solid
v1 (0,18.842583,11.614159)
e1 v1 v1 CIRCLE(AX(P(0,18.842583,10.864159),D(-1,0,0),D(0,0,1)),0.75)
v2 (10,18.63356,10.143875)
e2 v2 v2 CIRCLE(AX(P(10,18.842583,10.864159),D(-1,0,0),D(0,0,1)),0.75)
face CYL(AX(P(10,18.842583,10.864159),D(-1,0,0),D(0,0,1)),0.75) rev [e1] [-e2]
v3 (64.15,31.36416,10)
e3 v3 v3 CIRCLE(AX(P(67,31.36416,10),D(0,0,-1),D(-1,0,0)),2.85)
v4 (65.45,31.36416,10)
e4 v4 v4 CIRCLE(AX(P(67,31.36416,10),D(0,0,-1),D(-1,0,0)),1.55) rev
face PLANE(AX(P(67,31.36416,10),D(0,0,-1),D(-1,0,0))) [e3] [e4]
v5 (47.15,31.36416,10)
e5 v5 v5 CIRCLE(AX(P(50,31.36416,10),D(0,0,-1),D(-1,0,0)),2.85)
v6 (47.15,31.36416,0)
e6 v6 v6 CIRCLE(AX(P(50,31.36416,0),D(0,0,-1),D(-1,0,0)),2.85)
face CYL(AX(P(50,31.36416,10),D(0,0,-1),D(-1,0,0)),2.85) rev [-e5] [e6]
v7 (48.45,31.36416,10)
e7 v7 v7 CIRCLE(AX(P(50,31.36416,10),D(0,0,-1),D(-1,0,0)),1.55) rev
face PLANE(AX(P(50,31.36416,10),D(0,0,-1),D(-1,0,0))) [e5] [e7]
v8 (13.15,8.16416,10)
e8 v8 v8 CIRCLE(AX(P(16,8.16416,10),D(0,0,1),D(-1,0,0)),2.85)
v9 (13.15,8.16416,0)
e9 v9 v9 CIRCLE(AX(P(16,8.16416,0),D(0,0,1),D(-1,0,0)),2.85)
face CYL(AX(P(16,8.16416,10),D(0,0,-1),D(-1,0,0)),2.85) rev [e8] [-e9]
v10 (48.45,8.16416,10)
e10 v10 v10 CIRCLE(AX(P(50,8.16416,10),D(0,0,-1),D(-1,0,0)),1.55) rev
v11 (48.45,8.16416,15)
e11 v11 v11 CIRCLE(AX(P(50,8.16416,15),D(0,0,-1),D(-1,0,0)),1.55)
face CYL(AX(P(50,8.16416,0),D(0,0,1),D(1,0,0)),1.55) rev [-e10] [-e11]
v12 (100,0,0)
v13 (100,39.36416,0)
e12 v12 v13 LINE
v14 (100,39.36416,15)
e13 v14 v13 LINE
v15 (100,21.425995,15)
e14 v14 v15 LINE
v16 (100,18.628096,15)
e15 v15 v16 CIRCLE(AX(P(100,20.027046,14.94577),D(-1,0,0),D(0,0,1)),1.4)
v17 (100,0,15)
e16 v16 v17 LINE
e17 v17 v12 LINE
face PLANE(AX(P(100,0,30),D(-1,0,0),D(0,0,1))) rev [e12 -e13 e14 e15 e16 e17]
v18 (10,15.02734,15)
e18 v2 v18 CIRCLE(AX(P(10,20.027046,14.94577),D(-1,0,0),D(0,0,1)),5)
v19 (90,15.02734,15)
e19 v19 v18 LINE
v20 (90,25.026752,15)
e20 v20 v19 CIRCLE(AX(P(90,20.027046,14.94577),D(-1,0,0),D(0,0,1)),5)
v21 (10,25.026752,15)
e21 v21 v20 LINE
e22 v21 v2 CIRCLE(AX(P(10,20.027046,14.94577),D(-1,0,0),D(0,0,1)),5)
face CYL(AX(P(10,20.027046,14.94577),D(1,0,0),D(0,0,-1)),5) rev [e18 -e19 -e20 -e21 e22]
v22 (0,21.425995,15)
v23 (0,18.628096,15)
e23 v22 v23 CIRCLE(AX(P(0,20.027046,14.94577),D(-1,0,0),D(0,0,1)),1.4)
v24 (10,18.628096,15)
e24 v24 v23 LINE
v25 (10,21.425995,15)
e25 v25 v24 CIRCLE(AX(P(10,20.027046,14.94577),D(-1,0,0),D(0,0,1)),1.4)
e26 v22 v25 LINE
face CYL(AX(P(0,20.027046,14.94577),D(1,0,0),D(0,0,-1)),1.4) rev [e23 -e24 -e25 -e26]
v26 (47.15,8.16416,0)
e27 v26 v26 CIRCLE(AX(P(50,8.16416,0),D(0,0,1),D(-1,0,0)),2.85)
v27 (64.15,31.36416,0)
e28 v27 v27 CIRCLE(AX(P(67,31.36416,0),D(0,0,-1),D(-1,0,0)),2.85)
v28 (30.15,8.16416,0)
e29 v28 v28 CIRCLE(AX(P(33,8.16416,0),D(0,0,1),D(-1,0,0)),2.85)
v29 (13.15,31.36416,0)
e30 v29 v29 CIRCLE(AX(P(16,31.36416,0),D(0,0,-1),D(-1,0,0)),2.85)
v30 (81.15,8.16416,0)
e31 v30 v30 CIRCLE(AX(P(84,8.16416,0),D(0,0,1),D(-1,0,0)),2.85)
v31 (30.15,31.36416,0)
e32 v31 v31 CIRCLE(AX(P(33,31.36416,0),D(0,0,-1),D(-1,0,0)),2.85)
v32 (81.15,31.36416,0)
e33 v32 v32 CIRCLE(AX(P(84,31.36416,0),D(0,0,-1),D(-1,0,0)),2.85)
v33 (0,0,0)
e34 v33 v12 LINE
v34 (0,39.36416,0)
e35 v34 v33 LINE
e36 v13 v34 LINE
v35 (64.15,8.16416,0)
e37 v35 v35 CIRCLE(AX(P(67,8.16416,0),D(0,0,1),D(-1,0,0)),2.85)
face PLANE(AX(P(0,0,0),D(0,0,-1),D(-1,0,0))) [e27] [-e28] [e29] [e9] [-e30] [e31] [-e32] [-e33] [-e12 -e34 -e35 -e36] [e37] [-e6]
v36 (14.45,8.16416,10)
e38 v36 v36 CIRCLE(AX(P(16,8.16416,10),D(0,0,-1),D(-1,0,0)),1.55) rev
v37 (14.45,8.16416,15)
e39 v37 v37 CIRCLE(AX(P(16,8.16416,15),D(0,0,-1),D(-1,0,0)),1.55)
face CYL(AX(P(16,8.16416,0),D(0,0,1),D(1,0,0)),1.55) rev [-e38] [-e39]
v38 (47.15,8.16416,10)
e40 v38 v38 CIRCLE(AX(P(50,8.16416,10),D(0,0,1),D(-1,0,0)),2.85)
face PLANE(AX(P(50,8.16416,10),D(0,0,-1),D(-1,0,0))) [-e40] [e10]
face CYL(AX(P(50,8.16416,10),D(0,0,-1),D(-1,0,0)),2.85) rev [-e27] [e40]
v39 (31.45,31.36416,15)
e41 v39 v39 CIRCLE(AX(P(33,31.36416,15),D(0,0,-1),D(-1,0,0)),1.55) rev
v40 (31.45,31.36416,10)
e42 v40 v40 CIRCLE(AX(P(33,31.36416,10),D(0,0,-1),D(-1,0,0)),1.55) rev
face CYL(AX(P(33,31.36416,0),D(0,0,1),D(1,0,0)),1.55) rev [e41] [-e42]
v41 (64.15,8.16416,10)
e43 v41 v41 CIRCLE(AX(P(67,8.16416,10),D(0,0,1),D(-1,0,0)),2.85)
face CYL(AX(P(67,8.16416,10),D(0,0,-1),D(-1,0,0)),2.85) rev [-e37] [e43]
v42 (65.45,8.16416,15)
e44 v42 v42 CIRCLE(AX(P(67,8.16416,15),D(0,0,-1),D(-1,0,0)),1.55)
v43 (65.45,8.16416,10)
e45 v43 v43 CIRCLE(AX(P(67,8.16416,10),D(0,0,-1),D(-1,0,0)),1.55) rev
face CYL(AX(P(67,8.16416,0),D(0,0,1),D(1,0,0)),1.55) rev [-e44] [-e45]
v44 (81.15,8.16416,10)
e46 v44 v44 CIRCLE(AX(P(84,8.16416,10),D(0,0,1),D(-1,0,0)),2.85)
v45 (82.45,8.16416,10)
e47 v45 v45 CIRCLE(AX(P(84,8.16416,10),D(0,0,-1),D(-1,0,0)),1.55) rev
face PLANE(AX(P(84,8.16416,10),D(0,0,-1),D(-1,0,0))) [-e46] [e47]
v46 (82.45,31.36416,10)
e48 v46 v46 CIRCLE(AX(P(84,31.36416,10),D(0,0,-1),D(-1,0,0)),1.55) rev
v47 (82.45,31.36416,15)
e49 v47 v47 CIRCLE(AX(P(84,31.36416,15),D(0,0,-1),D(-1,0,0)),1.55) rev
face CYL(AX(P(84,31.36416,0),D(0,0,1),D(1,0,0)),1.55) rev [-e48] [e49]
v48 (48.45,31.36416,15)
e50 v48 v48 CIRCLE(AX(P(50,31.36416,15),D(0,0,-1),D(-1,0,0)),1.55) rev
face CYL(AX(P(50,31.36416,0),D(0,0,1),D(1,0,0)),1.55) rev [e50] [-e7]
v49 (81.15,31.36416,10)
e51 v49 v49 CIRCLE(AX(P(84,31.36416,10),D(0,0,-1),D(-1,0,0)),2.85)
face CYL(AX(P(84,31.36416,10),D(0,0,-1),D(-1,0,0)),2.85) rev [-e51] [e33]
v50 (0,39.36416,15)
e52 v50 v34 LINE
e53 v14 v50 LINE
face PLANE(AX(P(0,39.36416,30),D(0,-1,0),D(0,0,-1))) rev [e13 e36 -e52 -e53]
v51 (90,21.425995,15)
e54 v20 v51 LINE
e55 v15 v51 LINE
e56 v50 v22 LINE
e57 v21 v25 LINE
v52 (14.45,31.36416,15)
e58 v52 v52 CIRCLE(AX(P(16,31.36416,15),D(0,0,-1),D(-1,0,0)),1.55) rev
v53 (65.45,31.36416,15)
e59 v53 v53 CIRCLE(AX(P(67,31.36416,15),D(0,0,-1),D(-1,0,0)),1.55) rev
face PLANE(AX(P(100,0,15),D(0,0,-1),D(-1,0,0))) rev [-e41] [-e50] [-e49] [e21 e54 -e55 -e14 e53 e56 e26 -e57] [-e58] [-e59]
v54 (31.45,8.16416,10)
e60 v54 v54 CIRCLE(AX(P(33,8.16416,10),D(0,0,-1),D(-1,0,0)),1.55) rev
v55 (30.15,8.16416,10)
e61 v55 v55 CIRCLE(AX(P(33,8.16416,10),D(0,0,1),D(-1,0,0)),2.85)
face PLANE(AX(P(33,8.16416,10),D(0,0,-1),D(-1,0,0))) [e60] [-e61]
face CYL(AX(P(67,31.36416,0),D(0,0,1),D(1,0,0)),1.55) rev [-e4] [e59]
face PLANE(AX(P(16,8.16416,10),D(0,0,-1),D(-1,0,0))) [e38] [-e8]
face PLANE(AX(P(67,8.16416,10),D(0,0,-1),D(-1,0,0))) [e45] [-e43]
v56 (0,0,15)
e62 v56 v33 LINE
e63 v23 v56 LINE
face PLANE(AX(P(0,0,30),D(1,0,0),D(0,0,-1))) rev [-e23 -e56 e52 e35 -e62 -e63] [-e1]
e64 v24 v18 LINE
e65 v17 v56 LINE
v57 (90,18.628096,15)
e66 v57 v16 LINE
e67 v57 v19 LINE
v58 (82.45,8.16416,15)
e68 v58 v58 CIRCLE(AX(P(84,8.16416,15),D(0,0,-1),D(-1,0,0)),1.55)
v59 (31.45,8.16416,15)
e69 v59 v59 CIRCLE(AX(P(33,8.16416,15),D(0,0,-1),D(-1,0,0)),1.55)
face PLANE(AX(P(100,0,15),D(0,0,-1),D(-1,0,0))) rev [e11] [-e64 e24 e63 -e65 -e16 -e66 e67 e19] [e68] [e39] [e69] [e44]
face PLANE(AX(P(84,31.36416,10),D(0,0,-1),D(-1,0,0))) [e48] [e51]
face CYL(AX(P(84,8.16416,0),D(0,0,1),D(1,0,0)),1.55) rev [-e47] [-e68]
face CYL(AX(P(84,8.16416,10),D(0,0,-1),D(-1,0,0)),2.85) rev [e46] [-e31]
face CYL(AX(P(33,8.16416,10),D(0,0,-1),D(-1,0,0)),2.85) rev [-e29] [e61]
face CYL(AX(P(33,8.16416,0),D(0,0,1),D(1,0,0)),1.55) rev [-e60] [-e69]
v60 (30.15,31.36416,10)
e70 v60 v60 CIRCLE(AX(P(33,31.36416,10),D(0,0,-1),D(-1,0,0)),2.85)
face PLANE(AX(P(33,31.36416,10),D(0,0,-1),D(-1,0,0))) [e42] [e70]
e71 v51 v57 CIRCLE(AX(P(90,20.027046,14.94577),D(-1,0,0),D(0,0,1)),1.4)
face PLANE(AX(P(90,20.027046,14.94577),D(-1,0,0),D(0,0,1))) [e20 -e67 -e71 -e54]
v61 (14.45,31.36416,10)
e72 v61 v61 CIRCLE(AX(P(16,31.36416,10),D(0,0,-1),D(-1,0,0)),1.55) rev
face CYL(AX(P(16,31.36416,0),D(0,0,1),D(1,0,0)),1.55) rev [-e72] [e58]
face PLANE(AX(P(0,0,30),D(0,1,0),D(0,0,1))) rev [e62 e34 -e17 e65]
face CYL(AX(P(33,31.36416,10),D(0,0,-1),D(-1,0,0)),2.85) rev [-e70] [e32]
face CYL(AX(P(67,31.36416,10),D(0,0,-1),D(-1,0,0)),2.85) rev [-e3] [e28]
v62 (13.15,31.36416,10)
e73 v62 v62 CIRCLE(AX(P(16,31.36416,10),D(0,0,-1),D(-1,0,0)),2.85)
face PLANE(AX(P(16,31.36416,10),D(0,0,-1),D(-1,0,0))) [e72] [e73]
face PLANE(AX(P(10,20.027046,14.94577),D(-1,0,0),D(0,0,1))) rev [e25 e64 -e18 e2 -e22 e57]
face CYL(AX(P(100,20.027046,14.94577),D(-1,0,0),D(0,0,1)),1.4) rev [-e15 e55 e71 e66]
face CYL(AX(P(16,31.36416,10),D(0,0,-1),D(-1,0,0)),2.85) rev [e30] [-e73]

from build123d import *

# Parameters (mm, degrees)
SKIZZE2_W                            = 100
SKIZZE2_H                            = 39.364160046
AUFSATZ_LINEAR_AUSTRAGEN1_DEPTH      = 30
SCHNITT_LINEAR_AUSTRAGEN1_DEPTH      = 40
SCHNITT_LINEAR_AUSTRAGEN1_DEPTH_BACK = 40
SKIZZE10_R                           = 5
SKIZZE17_R                           = 1.4
SCHNITT_LINEAR_AUSTRAGEN2_DEPTH      = 103.710939516
SKIZZE24_R                           = 1.55
SCHNITT_LINEAR_AUSTRAGEN4_DEPTH      = 112.577493681
SKIZZE37_R                           = 0.736865544
SCHNITT_LINEAR_AUSTRAGEN9_DEPTH      = 112.577493681
SKIZZE40_R                           = 2.1
SCHNITT_LINEAR_AUSTRAGEN10_DEPTH     = 6
SKIZZE42_R                           = 0.75
SCHNITT_LINEAR_AUSTRAGEN12_DEPTH     = 10
VERRUNDUNG1_R                        = 1
SKIZZE46_R                           = 2.85
SCHNITT_LINEAR_AUSTRAGEN15_DEPTH     = 10
SCHNITT_LINEAR_START                 = -5
SCHNITT_LINEAR_AUSTRAGEN25_DEPTH     = 2.7
LINEARES_MUSTER1_COUNT               = 5
LINEARES_MUSTER1_PITCH               = 17
SPIEGELN2_COPY_1_SKETCH_R            = 2.85
SPIEGELN2_COPY_1_DEPTH               = 10
SPIEGELN2_COPY_2_SKETCH_R            = 2.85
SPIEGELN2_COPY_2_DEPTH               = 10
SPIEGELN2_COPY_3_SKETCH_R            = 2.85
SPIEGELN2_COPY_3_DEPTH               = 10
SPIEGELN2_COPY_4_SKETCH_R            = 2.85
SPIEGELN2_COPY_4_DEPTH               = 10
SPIEGELN2_START                      = -5
SPIEGELN2_COPY_5_DEPTH               = 2.7
SPIEGELN2_COPY_6_DEPTH               = 2.7
SPIEGELN2_COPY_7_DEPTH               = 2.7
SPIEGELN2_COPY_8_DEPTH               = 2.7
SKIZZE51_W                           = 15
SKIZZE51_H                           = 39.364160046
SCHNITT_LINEAR_AUSTRAGEN26_DEPTH     = 112.577493681


with BuildPart() as part:
    # Skizze2 → Aufsatz-Linear austragen1 (new body)
    with BuildSketch(Plane.XY):
        with Locations((50, 19.682080023)):
            Rectangle(SKIZZE2_W, SKIZZE2_H)
    extrude(amount=AUFSATZ_LINEAR_AUSTRAGEN1_DEPTH)

    # Skizze10 → Schnitt-Linear austragen1 (cut, two sides: drawn at the far end of the back side and taken through both)
    with BuildSketch(Plane.ZY.offset(-50).offset(-SCHNITT_LINEAR_AUSTRAGEN1_DEPTH_BACK)):
        with Locations((14.945770016, 20.027045739)):
            Circle(SKIZZE10_R)
    extrude(amount=SCHNITT_LINEAR_AUSTRAGEN1_DEPTH + SCHNITT_LINEAR_AUSTRAGEN1_DEPTH_BACK, mode=Mode.SUBTRACT)

    # Skizze17 → Schnitt-Linear austragen2 (cut, through all)
    with BuildSketch(Plane.ZY.offset(-90)):
        with Locations((14.945770016, 20.027045739)):
            Circle(SKIZZE17_R)
    schnitt_linear_austragen2 = extrude(amount=-SCHNITT_LINEAR_AUSTRAGEN2_DEPTH, mode=Mode.SUBTRACT)

    # Spiegeln1: Schnitt-Linear austragen2 across plane
    add(schnitt_linear_austragen2.mirror(Plane.ZY.offset(-50)), mode=Mode.SUBTRACT)

    # Skizze24 → Schnitt-Linear austragen4 (cut, through all)
    with BuildSketch(Plane.XY.offset(30)):
        with Locations((16, 31.364160046)):
            Circle(SKIZZE24_R)
        with Locations((33, 31.364160046)):
            Circle(SKIZZE24_R)
        with Locations((50, 31.364160046)):
            Circle(SKIZZE24_R)
        with Locations((67, 31.364160046)):
            Circle(SKIZZE24_R)
        with Locations((84, 31.364160046)):
            Circle(SKIZZE24_R)
    schnitt_linear_austragen4 = extrude(amount=-SCHNITT_LINEAR_AUSTRAGEN4_DEPTH, mode=Mode.SUBTRACT)

    # Skizze37 → Schnitt-Linear austragen9 (cut, through all)
    with BuildSketch(Plane(origin=(100, 0, 0), x_dir=(0, 0, -1), z_dir=(1, 0, 0))):
        with Locations((-18.924590299, 18.633559666)):
            Circle(SKIZZE37_R)
    extrude(amount=-SCHNITT_LINEAR_AUSTRAGEN9_DEPTH, mode=Mode.SUBTRACT)

    # Skizze40 → Schnitt-Linear austragen10 (cut)
    with BuildSketch(Plane(origin=(100, 0, 0), x_dir=(0, 0, -1), z_dir=(1, 0, 0))):
        with Locations((-18.924590299, 18.633559666)):
            Circle(SKIZZE40_R)
    extrude(amount=-SCHNITT_LINEAR_AUSTRAGEN10_DEPTH, mode=Mode.SUBTRACT)

    # Skizze42 → Schnitt-Linear austragen12 (cut)
    with BuildSketch(Plane.ZY):
        with Locations((10.86415918, 18.842582577)):
            Circle(SKIZZE42_R)
    extrude(amount=-SCHNITT_LINEAR_AUSTRAGEN12_DEPTH, mode=Mode.SUBTRACT)

    # Verrundung1
    verrundung1_edges = [part.edges().sort_by_distance(p)[0] for p in [
        (94, 18.633559666, 19.661455843),
    ]]
    fillet(verrundung1_edges, radius=VERRUNDUNG1_R)

    # Skizze46 → Schnitt-Linear austragen15 (cut)
    with BuildSketch(Plane(origin=(0, 0, 0), x_dir=(-1, 0, 0), z_dir=(0, 0, -1))):
        with Locations((-84, 31.364160046)):
            Circle(SKIZZE46_R)
    schnitt_linear_austragen15 = extrude(amount=-SCHNITT_LINEAR_AUSTRAGEN15_DEPTH, mode=Mode.SUBTRACT)

    # Skizze50 → Schnitt-Linear austragen25 (cut)
    with BuildSketch(Plane.XY.offset(30).offset(SCHNITT_LINEAR_START)):
        Polygon((81.15, 33.009608314), (81.15, 39.364160046), (86.85, 39.364160046), (86.85, 33.009608314), (86.85, 29.718711779), (84, 28.073263512), (81.15, 29.718711779), align=None)
    schnitt_linear_austragen25 = extrude(amount=-SCHNITT_LINEAR_AUSTRAGEN25_DEPTH, mode=Mode.SUBTRACT)

    # Lineares Muster1: Schnitt-Linear austragen15, Schnitt-Linear austragen25 ×5
    with Locations(*[(-i * LINEARES_MUSTER1_PITCH, 0, 0) for i in range(1, LINEARES_MUSTER1_COUNT)]):
        add(schnitt_linear_austragen15, mode=Mode.SUBTRACT)
        add(schnitt_linear_austragen25, mode=Mode.SUBTRACT)

    # Spiegeln2: Schnitt-Linear austragen15, Schnitt-Linear austragen25 across plane
    add(schnitt_linear_austragen15.mirror(Plane.ZX.offset(19.764160046)), mode=Mode.SUBTRACT)
    add(schnitt_linear_austragen25.mirror(Plane.ZX.offset(19.764160046)), mode=Mode.SUBTRACT)

    # Spiegeln2 copy 1 sketch → Spiegeln2 copy 1 (cut)
    with BuildSketch(Plane(origin=(-17, 39.528320093, 0), x_dir=(-1, 0, 0), z_dir=(0, 0, -1))):
        with Locations((-84, -31.364160046)):
            Circle(SPIEGELN2_COPY_1_SKETCH_R)
    extrude(amount=-SPIEGELN2_COPY_1_DEPTH, mode=Mode.SUBTRACT)

    # Spiegeln2 copy 2 sketch → Spiegeln2 copy 2 (cut)
    with BuildSketch(Plane(origin=(-34, 39.528320093, 0), x_dir=(-1, 0, 0), z_dir=(0, 0, -1))):
        with Locations((-84, -31.364160046)):
            Circle(SPIEGELN2_COPY_2_SKETCH_R)
    extrude(amount=-SPIEGELN2_COPY_2_DEPTH, mode=Mode.SUBTRACT)

    # Spiegeln2 copy 3 sketch → Spiegeln2 copy 3 (cut)
    with BuildSketch(Plane(origin=(-51, 39.528320093, 0), x_dir=(-1, 0, 0), z_dir=(0, 0, -1))):
        with Locations((-84, -31.364160046)):
            Circle(SPIEGELN2_COPY_3_SKETCH_R)
    extrude(amount=-SPIEGELN2_COPY_3_DEPTH, mode=Mode.SUBTRACT)

    # Spiegeln2 copy 4 sketch → Spiegeln2 copy 4 (cut)
    with BuildSketch(Plane(origin=(-68, 39.528320093, 0), x_dir=(-1, 0, 0), z_dir=(0, 0, -1))):
        with Locations((-84, -31.364160046)):
            Circle(SPIEGELN2_COPY_4_SKETCH_R)
    extrude(amount=-SPIEGELN2_COPY_4_DEPTH, mode=Mode.SUBTRACT)

    # Spiegeln2 copy 5 sketch → Spiegeln2 copy 5 (cut)
    with BuildSketch(Plane(origin=(-17, 39.528320093, 30), x_dir=(1, 0, 0), z_dir=(0, 0, 1)).offset(SPIEGELN2_START)):
        Polygon((81.15, -33.009608314), (81.15, -39.364160046), (86.85, -39.364160046), (86.85, -33.009608314), (86.85, -29.718711779), (84, -28.073263512), (81.15, -29.718711779), align=None)
    extrude(amount=-SPIEGELN2_COPY_5_DEPTH, mode=Mode.SUBTRACT)

    # Spiegeln2 copy 6 sketch → Spiegeln2 copy 6 (cut)
    with BuildSketch(Plane(origin=(-34, 39.528320093, 30), x_dir=(1, 0, 0), z_dir=(0, 0, 1)).offset(SPIEGELN2_START)):
        Polygon((81.15, -33.009608314), (81.15, -39.364160046), (86.85, -39.364160046), (86.85, -33.009608314), (86.85, -29.718711779), (84, -28.073263512), (81.15, -29.718711779), align=None)
    extrude(amount=-SPIEGELN2_COPY_6_DEPTH, mode=Mode.SUBTRACT)

    # Spiegeln2 copy 7 sketch → Spiegeln2 copy 7 (cut)
    with BuildSketch(Plane(origin=(-51, 39.528320093, 30), x_dir=(1, 0, 0), z_dir=(0, 0, 1)).offset(SPIEGELN2_START)):
        Polygon((81.15, -33.009608314), (81.15, -39.364160046), (86.85, -39.364160046), (86.85, -33.009608314), (86.85, -29.718711779), (84, -28.073263512), (81.15, -29.718711779), align=None)
    extrude(amount=-SPIEGELN2_COPY_7_DEPTH, mode=Mode.SUBTRACT)

    # Spiegeln2 copy 8 sketch → Spiegeln2 copy 8 (cut)
    with BuildSketch(Plane(origin=(-68, 39.528320093, 30), x_dir=(1, 0, 0), z_dir=(0, 0, 1)).offset(SPIEGELN2_START)):
        Polygon((81.15, -33.009608314), (81.15, -39.364160046), (86.85, -39.364160046), (86.85, -33.009608314), (86.85, -29.718711779), (84, -28.073263512), (81.15, -29.718711779), align=None)
    extrude(amount=-SPIEGELN2_COPY_8_DEPTH, mode=Mode.SUBTRACT)

    # Spiegeln3: Schnitt-Linear austragen4 across plane
    add(schnitt_linear_austragen4.mirror(Plane.ZX.offset(19.764160046)), mode=Mode.SUBTRACT)

    # Skizze51 → Schnitt-Linear austragen26 (cut, through all)
    with BuildSketch(Plane.ZY):
        with Locations((22.5, 19.682080023)):
            Rectangle(SKIZZE51_W, SKIZZE51_H)
    extrude(amount=-SCHNITT_LINEAR_AUSTRAGEN26_DEPTH, mode=Mode.SUBTRACT)


solid = part.part
